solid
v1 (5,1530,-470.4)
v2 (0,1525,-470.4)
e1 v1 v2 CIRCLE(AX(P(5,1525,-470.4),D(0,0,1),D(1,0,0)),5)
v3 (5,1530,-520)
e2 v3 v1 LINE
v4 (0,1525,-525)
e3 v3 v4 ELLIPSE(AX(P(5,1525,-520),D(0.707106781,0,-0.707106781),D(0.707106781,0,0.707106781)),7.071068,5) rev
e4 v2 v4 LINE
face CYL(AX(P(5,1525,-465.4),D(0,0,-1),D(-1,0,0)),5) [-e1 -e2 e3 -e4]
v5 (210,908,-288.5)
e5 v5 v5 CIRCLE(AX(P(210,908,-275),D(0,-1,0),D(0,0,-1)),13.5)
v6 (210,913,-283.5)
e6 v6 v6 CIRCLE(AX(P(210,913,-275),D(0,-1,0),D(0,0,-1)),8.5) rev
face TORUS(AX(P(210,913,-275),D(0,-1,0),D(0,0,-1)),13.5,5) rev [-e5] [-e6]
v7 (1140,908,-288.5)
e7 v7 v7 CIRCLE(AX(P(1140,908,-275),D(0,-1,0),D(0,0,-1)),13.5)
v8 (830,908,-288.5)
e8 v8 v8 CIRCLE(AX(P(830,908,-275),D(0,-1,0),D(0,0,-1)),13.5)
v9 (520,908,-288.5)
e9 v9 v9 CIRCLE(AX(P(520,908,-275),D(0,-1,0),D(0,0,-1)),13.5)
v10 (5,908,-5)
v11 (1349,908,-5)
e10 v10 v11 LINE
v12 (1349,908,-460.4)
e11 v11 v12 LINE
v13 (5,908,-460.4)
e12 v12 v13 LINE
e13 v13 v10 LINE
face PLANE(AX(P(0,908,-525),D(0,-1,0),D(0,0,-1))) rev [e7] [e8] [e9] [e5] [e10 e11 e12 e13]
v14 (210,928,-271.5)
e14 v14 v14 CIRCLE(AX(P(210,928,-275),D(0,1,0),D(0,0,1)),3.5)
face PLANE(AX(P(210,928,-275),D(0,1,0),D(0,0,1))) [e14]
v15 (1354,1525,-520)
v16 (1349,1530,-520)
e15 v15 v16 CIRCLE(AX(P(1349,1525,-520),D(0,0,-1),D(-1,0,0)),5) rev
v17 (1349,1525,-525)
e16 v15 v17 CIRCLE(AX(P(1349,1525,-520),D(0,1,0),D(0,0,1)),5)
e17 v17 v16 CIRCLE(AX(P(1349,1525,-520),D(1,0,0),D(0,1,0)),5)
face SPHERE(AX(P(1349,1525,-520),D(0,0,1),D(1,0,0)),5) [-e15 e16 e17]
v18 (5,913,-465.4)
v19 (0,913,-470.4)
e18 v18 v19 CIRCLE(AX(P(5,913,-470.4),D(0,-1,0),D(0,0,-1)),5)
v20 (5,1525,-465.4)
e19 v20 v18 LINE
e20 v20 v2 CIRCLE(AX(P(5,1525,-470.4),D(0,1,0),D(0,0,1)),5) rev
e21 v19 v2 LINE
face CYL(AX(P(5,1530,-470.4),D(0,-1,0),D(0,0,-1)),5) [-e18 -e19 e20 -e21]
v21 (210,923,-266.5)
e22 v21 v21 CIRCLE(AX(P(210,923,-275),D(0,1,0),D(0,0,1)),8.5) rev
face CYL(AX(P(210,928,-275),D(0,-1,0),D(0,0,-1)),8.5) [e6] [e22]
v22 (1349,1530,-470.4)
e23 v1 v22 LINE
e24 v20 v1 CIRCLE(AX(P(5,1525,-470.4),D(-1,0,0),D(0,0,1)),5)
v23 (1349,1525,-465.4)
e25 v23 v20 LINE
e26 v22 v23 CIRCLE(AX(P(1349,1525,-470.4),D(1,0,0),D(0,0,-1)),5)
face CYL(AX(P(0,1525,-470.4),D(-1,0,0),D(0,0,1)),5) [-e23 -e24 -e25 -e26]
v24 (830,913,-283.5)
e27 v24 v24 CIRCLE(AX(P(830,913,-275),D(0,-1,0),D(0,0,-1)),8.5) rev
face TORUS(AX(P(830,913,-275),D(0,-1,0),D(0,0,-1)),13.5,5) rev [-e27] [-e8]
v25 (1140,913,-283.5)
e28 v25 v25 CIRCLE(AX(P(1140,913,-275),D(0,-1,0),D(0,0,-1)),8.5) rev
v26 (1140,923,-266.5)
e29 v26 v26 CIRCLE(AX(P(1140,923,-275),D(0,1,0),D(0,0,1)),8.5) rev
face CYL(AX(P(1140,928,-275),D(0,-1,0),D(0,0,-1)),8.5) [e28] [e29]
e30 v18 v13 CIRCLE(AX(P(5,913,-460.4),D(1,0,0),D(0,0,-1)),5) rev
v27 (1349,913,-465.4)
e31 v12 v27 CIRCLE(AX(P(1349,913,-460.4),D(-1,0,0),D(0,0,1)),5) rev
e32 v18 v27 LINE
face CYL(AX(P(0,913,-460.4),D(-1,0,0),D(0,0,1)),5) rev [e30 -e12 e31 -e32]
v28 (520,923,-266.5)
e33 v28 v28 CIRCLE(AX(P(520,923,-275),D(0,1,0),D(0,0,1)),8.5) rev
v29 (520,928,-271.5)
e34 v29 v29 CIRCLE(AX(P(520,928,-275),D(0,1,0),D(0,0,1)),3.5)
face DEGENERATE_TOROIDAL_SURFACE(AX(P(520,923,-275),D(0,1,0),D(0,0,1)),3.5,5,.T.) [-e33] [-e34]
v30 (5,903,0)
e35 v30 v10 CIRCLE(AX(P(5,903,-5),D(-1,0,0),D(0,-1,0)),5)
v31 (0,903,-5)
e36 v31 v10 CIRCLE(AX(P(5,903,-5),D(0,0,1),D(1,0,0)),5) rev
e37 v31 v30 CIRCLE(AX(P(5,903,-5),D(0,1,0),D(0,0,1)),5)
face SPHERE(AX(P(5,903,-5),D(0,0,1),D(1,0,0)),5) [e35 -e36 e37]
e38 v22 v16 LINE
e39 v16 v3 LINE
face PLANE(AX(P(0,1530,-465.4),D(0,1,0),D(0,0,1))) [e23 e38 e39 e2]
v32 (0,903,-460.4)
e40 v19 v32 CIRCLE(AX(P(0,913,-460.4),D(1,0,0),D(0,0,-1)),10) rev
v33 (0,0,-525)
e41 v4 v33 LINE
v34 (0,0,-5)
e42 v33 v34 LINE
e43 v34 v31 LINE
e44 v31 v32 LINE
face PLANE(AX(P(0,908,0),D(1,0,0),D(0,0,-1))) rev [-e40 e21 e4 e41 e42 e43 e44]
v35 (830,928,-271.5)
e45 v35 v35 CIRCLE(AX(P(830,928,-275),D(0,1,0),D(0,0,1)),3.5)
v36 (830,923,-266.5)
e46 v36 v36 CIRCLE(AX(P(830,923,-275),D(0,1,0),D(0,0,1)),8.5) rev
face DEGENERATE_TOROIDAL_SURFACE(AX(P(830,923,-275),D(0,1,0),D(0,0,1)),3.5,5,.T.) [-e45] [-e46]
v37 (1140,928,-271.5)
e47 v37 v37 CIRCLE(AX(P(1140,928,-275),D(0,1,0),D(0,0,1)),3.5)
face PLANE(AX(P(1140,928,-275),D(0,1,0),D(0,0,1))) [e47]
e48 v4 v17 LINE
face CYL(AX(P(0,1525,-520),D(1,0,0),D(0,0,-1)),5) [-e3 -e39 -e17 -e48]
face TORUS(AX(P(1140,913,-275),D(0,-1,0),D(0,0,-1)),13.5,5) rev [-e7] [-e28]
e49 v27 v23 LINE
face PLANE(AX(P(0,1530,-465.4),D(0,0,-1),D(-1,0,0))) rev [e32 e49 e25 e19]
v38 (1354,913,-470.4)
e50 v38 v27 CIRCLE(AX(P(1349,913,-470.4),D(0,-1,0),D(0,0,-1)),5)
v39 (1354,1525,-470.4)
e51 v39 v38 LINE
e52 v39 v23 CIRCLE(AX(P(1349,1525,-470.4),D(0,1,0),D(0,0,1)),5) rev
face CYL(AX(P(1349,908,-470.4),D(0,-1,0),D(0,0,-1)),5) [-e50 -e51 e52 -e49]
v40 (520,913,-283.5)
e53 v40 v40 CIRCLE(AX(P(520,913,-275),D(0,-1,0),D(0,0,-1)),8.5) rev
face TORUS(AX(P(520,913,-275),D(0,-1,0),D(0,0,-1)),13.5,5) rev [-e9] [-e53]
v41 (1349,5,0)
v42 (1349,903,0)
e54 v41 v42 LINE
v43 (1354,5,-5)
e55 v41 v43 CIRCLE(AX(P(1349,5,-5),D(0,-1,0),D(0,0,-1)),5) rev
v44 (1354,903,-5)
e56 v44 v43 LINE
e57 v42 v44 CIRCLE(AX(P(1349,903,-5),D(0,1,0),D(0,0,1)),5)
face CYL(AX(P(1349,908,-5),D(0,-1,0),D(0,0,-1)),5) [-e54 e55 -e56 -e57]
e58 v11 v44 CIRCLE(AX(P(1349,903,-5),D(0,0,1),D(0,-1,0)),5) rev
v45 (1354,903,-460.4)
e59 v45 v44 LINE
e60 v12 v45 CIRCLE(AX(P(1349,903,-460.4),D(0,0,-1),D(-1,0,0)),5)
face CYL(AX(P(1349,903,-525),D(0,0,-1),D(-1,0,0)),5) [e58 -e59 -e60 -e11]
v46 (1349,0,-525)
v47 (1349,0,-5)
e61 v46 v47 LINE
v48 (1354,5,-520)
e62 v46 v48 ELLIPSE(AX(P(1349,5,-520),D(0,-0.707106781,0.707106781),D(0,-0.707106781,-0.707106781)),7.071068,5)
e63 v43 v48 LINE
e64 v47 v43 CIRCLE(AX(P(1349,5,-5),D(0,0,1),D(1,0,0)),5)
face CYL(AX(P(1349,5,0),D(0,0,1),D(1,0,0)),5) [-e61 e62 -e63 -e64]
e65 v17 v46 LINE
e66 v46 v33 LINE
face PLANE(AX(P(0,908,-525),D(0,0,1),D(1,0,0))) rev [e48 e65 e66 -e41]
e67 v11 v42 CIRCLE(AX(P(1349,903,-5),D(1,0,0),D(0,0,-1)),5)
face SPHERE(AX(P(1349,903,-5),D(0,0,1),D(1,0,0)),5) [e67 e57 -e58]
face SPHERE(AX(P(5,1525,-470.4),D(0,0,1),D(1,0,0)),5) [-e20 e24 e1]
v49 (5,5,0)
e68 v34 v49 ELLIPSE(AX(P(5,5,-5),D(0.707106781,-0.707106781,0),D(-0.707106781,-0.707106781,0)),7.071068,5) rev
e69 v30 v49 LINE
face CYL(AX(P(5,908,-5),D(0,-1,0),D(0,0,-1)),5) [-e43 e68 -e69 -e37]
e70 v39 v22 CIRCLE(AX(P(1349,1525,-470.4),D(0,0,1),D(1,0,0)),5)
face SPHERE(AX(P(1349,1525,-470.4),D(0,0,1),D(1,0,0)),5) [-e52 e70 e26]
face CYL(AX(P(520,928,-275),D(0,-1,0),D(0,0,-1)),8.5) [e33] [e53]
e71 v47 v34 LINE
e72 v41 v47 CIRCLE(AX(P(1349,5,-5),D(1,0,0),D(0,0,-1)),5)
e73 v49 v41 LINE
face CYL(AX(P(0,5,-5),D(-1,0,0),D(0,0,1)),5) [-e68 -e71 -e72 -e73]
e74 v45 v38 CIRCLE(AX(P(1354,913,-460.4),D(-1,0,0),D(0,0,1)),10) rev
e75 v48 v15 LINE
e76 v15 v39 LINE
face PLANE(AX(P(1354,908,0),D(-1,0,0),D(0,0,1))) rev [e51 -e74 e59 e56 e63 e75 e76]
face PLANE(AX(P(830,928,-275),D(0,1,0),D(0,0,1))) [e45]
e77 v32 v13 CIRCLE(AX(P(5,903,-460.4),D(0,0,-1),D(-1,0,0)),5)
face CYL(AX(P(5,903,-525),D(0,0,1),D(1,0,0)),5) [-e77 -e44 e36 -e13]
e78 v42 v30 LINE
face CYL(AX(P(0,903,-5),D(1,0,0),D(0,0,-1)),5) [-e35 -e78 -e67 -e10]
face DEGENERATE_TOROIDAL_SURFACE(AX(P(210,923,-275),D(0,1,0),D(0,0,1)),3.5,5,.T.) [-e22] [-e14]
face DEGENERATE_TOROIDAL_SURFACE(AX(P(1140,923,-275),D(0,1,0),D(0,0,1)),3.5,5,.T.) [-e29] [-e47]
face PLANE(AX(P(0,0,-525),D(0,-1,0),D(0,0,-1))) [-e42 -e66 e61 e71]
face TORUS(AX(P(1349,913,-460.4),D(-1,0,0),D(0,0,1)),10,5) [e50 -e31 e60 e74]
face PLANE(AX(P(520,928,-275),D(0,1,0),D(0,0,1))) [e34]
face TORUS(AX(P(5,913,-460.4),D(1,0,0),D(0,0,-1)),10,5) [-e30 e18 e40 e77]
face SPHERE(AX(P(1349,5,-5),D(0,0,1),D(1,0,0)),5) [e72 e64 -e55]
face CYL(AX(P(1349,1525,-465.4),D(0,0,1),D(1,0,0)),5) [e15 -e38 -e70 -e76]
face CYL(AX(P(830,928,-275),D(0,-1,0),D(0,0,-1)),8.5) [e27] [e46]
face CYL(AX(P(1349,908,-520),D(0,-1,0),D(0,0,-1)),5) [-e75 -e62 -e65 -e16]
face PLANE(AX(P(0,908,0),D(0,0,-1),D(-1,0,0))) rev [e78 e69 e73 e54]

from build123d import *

# Parameters (mm, degrees)
SKETCH2_W           = 1354
SKETCH2_H           = 525
BOSS_EXTRUDE1_DEPTH = 908
SKETCH3_W           = 1354
SKETCH3_H           = 59.6
BOSS_EXTRUDE2_DEPTH = 622
SKETCH4_R           = 8.5
BOSS_EXTRUDE3_DEPTH = 20
FILLET2_R           = 5


with BuildPart() as part:
    # Sketch2 → Boss-Extrude1 (new body)
    with BuildSketch(Plane(origin=(0, 0, 0), x_dir=(1, 0, 0), z_dir=(0, 1, 0))):
        with Locations((677, 262.5)):
            Rectangle(SKETCH2_W, SKETCH2_H)
    extrude(amount=BOSS_EXTRUDE1_DEPTH)

    # Sketch3 → Boss-Extrude2 (add)
    with BuildSketch(Plane(origin=(0, 908, 0), x_dir=(1, 0, 0), z_dir=(0, 1, 0))):
        with Locations((677, 495.2)):
            Rectangle(SKETCH3_W, SKETCH3_H)
    extrude(amount=BOSS_EXTRUDE2_DEPTH)

    # Sketch4 → Boss-Extrude3 (add)
    with BuildSketch(Plane(origin=(0, 908, 0), x_dir=(1, 0, 0), z_dir=(0, 1, 0))):
        with Locations(Location((210, 275, 0), (0, 0, 90))):
            Circle(SKETCH4_R)
        with Locations(Location((520, 275, 0), (0, 0, 90))):
            Circle(SKETCH4_R)
        with Locations(Location((830, 275, 0), (0, 0, 90))):
            Circle(SKETCH4_R)
        with Locations(Location((1140, 275, 0), (0, 0, 90))):
            Circle(SKETCH4_R)
    extrude(amount=BOSS_EXTRUDE3_DEPTH)

    # Fillet2
    fillet2_edges = [part.edges().sort_by_distance(p)[0] for p in [
        (1354, 908, -232.7),
        (0, 908, -232.7),
        (677, 908, -465.4),
        (0, 1219, -465.4),
        (1354, 1219, -465.4),
        (0, 1530, -495.2),
        (677, 1530, -465.4),
        (1354, 1530, -495.2),
        (677, 1530, -525),
        (210, 908, -266.5),
        (210, 928, -266.5),
        (520, 908, -266.5),
        (520, 928, -266.5),
        (830, 908, -266.5),
        (830, 928, -266.5),
        (1140, 908, -266.5),
        (1140, 928, -266.5),
        (1354, 0, -262.5),
        (677, 0, 0),
        (677, 908, 0),
        (1354, 765, -525),
        (1354, 454, 0),
        (0, 454, 0),
    ]]
    fillet(fillet2_edges, radius=FILLET2_R)


solid = part.part
